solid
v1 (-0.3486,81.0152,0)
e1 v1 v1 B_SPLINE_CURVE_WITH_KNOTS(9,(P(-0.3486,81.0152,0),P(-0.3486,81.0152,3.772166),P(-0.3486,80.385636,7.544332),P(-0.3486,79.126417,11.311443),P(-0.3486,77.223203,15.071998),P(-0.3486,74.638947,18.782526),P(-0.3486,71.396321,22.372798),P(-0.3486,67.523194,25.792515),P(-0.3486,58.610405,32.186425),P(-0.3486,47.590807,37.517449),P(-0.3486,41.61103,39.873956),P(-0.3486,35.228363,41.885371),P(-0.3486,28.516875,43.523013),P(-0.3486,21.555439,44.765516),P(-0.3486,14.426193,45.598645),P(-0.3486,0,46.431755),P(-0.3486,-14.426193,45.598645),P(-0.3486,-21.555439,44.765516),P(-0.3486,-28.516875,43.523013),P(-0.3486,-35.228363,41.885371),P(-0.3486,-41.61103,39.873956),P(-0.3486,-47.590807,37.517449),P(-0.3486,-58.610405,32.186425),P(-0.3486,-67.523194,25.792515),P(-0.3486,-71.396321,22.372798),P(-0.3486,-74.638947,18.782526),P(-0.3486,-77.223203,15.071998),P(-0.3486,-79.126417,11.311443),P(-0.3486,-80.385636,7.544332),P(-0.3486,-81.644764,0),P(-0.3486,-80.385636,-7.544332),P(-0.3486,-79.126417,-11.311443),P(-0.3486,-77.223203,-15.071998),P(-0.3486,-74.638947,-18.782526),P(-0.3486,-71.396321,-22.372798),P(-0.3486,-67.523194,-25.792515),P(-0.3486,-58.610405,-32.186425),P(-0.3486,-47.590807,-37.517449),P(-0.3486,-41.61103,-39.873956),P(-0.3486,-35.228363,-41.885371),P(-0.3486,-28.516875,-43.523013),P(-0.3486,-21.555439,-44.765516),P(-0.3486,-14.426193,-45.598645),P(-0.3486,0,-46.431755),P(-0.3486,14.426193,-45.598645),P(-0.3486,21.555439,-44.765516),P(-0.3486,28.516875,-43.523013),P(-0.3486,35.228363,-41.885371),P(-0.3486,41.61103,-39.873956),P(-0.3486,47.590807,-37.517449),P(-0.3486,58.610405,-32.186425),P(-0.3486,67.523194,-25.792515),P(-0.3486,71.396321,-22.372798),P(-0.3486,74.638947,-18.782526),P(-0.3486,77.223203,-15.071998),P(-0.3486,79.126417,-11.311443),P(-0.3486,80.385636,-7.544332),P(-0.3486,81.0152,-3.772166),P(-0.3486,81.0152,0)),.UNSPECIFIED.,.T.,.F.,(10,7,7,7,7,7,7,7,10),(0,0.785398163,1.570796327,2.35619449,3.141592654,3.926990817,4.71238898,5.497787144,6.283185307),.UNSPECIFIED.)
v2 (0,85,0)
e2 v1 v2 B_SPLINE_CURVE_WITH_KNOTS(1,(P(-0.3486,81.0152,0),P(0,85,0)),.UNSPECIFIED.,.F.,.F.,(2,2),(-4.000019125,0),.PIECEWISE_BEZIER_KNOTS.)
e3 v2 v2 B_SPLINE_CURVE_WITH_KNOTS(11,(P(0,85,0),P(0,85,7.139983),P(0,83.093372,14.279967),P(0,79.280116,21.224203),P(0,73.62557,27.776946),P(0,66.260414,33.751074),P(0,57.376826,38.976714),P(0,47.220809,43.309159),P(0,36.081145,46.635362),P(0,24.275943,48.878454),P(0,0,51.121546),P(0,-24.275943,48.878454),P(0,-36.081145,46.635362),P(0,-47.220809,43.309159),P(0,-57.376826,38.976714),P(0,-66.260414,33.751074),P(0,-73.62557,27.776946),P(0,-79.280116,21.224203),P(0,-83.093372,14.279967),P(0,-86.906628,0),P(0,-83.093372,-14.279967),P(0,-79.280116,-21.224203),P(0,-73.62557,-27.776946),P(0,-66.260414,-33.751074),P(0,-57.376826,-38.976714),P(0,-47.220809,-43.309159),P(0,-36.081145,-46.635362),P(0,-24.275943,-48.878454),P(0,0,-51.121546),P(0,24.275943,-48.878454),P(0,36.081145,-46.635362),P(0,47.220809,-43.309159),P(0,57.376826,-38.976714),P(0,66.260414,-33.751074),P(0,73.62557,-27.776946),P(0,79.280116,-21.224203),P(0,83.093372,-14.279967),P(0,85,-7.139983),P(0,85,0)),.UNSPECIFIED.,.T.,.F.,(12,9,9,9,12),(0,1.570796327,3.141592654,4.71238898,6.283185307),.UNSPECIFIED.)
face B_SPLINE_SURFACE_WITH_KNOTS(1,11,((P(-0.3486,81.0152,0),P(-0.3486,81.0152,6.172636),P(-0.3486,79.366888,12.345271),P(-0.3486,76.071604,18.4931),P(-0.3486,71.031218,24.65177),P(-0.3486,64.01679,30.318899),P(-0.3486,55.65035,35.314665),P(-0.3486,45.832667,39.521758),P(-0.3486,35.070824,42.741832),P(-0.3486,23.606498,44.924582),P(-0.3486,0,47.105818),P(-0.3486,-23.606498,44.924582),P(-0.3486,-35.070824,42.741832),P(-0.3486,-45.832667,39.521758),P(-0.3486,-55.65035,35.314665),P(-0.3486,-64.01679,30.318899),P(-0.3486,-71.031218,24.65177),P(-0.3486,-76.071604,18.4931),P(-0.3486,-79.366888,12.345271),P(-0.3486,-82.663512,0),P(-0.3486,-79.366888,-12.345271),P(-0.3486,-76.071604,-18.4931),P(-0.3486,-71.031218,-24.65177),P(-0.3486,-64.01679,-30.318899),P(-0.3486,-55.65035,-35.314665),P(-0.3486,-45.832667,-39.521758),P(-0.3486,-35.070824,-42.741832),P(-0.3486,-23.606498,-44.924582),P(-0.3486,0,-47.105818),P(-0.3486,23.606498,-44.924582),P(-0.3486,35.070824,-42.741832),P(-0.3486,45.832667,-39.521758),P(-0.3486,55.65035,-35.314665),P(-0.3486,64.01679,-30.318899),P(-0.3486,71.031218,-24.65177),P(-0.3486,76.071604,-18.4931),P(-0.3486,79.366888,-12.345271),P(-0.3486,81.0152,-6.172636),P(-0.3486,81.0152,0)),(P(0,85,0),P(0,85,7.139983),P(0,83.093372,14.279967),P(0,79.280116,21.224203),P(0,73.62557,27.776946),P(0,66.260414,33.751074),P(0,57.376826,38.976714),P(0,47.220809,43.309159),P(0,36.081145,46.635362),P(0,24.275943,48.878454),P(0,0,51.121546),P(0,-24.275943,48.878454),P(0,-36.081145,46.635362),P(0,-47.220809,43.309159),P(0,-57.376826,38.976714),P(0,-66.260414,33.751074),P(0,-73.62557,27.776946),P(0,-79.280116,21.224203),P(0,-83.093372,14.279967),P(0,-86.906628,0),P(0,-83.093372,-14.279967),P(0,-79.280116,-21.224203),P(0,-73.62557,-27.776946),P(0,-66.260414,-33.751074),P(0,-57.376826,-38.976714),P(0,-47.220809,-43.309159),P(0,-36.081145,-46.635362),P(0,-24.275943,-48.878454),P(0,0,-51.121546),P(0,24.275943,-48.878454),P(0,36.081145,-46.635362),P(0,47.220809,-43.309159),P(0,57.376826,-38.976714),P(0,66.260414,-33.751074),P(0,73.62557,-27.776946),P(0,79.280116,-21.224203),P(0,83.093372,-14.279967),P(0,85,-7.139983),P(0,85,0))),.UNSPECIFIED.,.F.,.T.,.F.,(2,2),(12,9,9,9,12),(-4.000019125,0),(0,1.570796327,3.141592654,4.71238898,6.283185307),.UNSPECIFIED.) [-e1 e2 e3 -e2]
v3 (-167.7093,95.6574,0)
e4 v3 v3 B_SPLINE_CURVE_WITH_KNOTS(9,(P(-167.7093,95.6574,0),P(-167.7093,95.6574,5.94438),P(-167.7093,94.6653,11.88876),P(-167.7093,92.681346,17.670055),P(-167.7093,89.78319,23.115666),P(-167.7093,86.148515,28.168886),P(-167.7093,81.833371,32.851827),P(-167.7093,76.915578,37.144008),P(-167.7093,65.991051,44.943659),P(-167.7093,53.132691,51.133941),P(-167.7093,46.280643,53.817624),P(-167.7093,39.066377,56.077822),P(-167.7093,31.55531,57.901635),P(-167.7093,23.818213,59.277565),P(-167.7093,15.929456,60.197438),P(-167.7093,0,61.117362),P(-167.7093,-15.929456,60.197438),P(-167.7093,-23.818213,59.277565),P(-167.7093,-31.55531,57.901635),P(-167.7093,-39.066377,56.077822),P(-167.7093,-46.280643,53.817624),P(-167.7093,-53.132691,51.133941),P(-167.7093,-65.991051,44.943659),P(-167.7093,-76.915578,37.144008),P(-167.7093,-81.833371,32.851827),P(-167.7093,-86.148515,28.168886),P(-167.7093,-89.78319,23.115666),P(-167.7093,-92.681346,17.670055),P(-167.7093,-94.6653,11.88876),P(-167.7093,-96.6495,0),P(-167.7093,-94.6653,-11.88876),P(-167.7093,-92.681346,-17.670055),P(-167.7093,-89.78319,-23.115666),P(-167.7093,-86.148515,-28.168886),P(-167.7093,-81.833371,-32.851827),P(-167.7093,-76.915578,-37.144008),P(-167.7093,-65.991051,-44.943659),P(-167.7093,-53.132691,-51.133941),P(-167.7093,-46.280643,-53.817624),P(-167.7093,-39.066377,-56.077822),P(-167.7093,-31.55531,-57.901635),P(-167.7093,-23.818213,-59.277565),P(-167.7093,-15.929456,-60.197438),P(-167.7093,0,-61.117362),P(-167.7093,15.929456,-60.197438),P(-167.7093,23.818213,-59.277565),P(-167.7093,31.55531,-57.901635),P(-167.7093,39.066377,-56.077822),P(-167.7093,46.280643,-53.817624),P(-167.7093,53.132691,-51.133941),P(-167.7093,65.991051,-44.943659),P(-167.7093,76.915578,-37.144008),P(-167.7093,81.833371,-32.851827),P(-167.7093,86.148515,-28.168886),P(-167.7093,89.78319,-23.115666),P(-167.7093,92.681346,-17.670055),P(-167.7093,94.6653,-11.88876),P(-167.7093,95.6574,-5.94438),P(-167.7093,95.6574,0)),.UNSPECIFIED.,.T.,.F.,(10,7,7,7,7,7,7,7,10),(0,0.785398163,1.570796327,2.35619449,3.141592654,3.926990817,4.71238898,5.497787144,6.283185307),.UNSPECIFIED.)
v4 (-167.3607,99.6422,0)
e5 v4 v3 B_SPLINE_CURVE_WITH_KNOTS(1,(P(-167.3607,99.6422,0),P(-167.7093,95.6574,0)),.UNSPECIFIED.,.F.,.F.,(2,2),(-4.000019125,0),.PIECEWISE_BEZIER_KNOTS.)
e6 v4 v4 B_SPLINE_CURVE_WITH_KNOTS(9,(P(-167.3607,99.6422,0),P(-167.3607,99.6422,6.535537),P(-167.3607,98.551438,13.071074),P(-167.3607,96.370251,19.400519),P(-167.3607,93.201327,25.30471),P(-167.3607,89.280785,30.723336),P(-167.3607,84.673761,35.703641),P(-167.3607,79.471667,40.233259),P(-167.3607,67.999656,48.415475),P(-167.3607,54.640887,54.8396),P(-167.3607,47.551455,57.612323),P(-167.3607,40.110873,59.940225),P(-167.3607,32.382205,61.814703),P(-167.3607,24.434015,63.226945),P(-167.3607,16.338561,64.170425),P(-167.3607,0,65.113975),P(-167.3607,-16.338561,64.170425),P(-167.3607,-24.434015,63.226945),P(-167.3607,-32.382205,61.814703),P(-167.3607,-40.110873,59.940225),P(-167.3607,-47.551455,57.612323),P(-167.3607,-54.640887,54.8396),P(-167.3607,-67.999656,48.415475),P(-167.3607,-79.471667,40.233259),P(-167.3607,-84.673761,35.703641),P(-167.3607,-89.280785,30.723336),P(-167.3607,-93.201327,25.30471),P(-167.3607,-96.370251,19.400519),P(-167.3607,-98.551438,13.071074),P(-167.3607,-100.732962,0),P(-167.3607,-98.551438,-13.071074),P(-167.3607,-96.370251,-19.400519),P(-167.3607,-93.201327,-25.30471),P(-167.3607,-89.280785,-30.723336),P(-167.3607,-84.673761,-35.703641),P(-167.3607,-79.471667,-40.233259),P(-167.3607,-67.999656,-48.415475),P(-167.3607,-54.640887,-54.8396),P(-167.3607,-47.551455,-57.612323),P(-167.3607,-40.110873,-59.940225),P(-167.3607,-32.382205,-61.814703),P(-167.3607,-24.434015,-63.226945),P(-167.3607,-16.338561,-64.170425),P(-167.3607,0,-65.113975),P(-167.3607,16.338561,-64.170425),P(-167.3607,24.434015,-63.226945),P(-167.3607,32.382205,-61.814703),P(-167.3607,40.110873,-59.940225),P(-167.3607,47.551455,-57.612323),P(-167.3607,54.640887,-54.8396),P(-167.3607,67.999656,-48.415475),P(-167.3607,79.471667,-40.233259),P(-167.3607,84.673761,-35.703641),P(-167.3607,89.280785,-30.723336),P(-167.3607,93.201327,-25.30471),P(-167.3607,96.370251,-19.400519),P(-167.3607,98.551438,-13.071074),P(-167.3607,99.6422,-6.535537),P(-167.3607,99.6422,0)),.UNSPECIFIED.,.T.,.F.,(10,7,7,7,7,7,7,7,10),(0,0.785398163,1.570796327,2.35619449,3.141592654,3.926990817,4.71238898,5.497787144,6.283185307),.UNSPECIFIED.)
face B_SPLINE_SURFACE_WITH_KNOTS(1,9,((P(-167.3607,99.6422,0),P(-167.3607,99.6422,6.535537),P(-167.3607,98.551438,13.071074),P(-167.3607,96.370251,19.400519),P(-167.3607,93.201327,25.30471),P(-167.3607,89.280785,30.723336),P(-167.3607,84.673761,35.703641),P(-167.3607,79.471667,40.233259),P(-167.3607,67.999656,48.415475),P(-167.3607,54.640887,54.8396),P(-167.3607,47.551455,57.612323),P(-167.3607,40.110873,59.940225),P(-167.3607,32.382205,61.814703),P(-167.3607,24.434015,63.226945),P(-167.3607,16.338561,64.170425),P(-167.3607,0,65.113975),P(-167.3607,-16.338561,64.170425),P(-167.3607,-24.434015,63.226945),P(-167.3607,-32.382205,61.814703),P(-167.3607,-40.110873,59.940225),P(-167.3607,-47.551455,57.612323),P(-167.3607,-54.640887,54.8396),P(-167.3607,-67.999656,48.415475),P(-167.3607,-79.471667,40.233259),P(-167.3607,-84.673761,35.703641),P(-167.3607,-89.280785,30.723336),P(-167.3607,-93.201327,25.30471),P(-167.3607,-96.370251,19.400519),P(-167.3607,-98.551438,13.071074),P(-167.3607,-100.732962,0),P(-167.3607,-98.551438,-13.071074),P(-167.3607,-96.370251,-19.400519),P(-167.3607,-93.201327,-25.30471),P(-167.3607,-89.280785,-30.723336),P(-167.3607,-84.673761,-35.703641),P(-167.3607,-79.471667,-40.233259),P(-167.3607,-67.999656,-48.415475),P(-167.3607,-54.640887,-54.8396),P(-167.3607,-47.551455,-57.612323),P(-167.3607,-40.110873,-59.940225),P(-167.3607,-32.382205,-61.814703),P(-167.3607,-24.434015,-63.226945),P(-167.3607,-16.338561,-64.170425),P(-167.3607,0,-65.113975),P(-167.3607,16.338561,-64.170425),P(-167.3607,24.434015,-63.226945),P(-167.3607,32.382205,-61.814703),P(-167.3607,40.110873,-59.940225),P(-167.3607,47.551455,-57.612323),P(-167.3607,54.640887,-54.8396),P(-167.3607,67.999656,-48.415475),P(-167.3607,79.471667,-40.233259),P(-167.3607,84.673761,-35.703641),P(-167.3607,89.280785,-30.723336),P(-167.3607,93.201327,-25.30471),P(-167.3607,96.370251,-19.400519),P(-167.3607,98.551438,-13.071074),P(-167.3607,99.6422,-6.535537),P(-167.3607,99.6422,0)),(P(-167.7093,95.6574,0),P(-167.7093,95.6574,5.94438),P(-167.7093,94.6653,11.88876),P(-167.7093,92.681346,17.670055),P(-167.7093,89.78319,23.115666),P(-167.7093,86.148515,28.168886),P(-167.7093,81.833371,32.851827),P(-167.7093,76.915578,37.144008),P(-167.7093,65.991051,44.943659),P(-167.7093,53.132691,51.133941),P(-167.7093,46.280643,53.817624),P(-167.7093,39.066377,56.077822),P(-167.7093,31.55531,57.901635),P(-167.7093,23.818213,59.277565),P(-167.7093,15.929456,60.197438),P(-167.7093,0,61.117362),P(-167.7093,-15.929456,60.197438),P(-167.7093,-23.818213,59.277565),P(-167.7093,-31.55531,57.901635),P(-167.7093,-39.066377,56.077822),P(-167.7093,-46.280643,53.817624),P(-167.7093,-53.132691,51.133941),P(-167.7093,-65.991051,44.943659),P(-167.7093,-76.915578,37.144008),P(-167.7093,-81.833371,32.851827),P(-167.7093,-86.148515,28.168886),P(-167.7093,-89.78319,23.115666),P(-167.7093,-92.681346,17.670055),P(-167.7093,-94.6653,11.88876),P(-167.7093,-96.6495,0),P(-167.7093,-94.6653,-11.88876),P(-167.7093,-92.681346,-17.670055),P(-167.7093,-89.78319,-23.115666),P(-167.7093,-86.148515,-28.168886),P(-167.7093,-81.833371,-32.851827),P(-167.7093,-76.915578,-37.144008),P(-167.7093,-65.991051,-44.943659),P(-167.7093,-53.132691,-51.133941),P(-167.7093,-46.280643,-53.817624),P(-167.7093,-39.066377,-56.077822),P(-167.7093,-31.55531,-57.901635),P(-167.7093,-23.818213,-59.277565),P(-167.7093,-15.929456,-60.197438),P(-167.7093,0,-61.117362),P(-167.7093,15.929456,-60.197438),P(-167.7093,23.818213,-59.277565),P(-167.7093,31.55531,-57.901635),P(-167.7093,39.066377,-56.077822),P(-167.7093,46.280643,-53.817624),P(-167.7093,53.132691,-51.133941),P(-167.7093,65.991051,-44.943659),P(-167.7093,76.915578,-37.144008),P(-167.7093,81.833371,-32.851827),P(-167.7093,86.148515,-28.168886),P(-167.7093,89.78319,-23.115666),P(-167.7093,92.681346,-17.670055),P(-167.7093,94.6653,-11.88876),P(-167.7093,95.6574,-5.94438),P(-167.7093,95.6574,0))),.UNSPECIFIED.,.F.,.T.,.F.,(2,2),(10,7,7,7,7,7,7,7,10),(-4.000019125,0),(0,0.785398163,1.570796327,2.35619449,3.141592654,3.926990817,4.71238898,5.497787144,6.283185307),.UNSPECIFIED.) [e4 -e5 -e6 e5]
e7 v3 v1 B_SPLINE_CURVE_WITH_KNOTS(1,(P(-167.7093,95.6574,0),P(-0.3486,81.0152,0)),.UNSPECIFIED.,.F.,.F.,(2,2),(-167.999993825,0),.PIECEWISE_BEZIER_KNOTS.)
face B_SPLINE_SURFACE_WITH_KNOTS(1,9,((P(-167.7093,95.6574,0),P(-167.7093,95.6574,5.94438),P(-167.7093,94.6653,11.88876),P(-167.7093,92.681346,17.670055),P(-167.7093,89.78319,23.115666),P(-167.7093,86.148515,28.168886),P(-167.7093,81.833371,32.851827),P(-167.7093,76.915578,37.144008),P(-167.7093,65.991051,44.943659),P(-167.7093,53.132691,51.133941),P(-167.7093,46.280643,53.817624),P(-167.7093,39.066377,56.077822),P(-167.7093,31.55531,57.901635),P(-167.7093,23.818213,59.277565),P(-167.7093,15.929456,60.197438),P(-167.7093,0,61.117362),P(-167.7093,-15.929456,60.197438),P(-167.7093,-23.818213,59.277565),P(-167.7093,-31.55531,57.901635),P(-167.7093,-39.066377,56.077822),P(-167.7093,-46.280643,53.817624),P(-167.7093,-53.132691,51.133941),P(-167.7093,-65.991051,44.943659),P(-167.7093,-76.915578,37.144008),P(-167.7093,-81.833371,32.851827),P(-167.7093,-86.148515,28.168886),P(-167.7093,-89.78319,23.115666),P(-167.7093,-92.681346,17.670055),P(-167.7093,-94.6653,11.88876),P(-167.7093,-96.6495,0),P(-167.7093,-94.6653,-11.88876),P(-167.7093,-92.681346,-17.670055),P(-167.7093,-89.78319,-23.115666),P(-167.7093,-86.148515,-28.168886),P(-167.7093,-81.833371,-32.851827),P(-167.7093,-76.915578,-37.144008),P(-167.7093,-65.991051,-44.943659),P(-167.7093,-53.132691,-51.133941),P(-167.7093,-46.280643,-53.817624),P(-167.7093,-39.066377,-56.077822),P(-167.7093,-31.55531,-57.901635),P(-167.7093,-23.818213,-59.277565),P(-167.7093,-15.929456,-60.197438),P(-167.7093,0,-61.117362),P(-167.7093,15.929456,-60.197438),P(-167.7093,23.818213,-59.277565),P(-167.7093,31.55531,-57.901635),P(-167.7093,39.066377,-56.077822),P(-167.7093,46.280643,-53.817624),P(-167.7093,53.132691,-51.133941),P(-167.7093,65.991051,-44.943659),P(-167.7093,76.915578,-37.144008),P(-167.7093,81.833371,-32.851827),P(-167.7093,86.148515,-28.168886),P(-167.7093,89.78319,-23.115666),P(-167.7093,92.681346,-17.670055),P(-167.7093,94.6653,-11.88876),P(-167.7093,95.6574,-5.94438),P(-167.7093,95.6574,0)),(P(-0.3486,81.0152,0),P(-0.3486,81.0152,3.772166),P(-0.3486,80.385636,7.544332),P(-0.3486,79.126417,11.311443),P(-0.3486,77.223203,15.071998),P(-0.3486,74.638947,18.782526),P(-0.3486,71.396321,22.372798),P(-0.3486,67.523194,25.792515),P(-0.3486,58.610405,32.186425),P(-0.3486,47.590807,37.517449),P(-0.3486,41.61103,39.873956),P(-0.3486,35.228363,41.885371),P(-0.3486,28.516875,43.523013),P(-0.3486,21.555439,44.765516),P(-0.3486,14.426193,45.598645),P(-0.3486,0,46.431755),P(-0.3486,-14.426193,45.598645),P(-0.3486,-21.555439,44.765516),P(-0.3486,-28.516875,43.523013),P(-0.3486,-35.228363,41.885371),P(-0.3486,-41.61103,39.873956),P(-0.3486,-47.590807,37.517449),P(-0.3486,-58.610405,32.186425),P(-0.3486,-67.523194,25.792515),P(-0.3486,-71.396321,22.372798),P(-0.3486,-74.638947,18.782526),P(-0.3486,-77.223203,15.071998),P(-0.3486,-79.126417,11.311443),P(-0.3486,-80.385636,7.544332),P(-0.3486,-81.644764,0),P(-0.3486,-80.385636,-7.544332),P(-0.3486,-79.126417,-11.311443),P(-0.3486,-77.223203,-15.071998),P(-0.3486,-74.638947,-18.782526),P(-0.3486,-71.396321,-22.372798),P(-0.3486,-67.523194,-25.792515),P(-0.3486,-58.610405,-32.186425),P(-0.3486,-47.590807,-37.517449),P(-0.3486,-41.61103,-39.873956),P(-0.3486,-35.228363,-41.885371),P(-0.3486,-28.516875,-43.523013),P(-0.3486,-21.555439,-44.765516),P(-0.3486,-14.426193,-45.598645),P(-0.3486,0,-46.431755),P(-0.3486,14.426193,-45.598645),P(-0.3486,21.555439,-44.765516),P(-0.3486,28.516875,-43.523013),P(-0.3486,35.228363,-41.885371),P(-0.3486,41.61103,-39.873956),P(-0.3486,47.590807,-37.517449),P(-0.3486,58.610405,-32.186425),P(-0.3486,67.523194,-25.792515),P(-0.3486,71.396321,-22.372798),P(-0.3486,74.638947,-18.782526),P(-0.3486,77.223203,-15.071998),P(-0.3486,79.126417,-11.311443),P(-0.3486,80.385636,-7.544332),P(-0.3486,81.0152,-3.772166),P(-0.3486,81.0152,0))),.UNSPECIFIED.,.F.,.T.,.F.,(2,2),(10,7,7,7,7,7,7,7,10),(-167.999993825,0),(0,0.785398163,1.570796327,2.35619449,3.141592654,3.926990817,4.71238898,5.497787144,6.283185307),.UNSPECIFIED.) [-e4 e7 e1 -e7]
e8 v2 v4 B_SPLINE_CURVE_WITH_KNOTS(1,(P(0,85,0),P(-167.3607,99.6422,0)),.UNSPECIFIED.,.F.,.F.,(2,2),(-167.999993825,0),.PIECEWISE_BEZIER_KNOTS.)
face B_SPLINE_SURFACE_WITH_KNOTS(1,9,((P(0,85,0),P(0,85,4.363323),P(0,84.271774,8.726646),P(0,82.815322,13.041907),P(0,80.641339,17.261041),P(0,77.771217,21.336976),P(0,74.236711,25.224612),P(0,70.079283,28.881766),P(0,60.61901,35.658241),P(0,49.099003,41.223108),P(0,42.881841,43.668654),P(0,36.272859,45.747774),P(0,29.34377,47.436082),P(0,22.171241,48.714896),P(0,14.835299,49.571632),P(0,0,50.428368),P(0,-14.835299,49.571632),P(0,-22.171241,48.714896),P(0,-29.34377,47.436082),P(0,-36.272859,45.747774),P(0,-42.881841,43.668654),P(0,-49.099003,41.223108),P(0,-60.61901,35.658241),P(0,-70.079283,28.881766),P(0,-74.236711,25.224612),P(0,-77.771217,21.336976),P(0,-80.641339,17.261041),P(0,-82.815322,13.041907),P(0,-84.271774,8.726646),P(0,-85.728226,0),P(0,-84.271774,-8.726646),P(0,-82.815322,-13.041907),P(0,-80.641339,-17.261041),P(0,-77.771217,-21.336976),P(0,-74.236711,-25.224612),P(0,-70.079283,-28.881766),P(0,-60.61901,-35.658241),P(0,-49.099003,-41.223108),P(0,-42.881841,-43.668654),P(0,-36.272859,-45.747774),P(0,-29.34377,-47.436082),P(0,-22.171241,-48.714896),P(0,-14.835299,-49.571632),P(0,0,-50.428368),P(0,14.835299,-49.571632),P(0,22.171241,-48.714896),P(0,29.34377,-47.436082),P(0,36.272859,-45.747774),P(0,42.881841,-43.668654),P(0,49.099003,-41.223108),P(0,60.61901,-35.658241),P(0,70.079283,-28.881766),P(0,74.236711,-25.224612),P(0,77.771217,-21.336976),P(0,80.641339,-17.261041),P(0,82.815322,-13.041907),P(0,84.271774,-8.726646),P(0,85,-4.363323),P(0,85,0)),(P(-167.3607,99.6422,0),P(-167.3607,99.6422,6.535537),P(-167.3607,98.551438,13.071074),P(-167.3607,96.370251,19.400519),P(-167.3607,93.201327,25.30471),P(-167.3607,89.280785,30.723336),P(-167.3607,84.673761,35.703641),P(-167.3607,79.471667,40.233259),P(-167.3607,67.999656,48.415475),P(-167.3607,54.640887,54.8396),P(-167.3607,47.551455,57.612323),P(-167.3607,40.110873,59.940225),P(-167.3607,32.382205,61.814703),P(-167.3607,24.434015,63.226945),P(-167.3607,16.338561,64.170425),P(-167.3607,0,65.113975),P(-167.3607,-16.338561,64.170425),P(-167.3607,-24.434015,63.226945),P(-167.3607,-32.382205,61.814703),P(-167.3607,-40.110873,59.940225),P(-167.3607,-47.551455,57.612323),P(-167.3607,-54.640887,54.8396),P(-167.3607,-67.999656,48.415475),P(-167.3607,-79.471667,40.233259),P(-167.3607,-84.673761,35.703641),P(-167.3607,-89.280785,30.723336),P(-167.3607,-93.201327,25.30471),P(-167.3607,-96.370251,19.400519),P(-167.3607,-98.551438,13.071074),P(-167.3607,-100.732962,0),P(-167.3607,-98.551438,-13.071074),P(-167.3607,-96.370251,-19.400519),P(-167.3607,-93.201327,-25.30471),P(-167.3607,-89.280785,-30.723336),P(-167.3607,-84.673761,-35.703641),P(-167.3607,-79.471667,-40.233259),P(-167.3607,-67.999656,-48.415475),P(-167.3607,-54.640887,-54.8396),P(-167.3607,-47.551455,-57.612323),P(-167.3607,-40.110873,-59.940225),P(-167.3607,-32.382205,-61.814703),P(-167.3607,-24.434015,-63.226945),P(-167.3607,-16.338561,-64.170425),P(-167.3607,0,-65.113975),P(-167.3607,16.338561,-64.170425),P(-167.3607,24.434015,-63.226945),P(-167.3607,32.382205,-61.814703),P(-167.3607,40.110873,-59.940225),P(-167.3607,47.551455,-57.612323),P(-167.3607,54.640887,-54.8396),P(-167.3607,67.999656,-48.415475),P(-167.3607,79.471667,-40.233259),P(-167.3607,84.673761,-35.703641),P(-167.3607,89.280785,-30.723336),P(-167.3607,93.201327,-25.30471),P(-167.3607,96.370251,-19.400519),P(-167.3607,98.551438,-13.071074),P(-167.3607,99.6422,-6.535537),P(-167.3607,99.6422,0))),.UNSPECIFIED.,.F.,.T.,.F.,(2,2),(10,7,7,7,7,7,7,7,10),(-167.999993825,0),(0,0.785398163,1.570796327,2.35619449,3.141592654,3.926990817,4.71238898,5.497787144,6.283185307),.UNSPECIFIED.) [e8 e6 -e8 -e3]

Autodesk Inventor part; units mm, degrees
ref_plane "YZ Plane" through (0, 0, 0) normal (1, 0, 0) x (0, 1, 0)
ref_plane "XZ Plane" through (0, 0, 0) normal (0, 1, 0) x (-1, 0, 0)
ref_plane "XY Plane" through (0, 0, 0) normal (0, 0, 1) x (1, 0, 0)
sketch "Sketch3" plane through (0, 0, 0) normal (1, 0, 0) x (0, 1, 0)
  ellipse E0 centre (0, 0) end of major axis (85, 0) minor radius 50
  point P0 (85, 0)
  dimension "d4" = 50
sketch "Sketch1" plane through (0, 0, 0) normal (0, 0, 1) x (1, 0, 0)
  line L0 (-0.3486, 81.0152) -> (-167.7093, 95.6574)
  line L1 (-167.7093, 95.6574) -> (-167.3607, 99.6422)
  line L2 (-167.3607, 99.6422) -> (0, 85)
  line L3 (0, 85) -> (-0.3486, 81.0152)
  line L4 (0, 0) -> (-15.6353, 0) construction
  dimension "d0" = 4
  dimension "d1" = 85
  dimension "d2" = 5
  dimension "d3" = 168
sweep "Sweep1" add profiles "Sketch1" path "Sketch3"
properties part number "Test sweep 2012"
